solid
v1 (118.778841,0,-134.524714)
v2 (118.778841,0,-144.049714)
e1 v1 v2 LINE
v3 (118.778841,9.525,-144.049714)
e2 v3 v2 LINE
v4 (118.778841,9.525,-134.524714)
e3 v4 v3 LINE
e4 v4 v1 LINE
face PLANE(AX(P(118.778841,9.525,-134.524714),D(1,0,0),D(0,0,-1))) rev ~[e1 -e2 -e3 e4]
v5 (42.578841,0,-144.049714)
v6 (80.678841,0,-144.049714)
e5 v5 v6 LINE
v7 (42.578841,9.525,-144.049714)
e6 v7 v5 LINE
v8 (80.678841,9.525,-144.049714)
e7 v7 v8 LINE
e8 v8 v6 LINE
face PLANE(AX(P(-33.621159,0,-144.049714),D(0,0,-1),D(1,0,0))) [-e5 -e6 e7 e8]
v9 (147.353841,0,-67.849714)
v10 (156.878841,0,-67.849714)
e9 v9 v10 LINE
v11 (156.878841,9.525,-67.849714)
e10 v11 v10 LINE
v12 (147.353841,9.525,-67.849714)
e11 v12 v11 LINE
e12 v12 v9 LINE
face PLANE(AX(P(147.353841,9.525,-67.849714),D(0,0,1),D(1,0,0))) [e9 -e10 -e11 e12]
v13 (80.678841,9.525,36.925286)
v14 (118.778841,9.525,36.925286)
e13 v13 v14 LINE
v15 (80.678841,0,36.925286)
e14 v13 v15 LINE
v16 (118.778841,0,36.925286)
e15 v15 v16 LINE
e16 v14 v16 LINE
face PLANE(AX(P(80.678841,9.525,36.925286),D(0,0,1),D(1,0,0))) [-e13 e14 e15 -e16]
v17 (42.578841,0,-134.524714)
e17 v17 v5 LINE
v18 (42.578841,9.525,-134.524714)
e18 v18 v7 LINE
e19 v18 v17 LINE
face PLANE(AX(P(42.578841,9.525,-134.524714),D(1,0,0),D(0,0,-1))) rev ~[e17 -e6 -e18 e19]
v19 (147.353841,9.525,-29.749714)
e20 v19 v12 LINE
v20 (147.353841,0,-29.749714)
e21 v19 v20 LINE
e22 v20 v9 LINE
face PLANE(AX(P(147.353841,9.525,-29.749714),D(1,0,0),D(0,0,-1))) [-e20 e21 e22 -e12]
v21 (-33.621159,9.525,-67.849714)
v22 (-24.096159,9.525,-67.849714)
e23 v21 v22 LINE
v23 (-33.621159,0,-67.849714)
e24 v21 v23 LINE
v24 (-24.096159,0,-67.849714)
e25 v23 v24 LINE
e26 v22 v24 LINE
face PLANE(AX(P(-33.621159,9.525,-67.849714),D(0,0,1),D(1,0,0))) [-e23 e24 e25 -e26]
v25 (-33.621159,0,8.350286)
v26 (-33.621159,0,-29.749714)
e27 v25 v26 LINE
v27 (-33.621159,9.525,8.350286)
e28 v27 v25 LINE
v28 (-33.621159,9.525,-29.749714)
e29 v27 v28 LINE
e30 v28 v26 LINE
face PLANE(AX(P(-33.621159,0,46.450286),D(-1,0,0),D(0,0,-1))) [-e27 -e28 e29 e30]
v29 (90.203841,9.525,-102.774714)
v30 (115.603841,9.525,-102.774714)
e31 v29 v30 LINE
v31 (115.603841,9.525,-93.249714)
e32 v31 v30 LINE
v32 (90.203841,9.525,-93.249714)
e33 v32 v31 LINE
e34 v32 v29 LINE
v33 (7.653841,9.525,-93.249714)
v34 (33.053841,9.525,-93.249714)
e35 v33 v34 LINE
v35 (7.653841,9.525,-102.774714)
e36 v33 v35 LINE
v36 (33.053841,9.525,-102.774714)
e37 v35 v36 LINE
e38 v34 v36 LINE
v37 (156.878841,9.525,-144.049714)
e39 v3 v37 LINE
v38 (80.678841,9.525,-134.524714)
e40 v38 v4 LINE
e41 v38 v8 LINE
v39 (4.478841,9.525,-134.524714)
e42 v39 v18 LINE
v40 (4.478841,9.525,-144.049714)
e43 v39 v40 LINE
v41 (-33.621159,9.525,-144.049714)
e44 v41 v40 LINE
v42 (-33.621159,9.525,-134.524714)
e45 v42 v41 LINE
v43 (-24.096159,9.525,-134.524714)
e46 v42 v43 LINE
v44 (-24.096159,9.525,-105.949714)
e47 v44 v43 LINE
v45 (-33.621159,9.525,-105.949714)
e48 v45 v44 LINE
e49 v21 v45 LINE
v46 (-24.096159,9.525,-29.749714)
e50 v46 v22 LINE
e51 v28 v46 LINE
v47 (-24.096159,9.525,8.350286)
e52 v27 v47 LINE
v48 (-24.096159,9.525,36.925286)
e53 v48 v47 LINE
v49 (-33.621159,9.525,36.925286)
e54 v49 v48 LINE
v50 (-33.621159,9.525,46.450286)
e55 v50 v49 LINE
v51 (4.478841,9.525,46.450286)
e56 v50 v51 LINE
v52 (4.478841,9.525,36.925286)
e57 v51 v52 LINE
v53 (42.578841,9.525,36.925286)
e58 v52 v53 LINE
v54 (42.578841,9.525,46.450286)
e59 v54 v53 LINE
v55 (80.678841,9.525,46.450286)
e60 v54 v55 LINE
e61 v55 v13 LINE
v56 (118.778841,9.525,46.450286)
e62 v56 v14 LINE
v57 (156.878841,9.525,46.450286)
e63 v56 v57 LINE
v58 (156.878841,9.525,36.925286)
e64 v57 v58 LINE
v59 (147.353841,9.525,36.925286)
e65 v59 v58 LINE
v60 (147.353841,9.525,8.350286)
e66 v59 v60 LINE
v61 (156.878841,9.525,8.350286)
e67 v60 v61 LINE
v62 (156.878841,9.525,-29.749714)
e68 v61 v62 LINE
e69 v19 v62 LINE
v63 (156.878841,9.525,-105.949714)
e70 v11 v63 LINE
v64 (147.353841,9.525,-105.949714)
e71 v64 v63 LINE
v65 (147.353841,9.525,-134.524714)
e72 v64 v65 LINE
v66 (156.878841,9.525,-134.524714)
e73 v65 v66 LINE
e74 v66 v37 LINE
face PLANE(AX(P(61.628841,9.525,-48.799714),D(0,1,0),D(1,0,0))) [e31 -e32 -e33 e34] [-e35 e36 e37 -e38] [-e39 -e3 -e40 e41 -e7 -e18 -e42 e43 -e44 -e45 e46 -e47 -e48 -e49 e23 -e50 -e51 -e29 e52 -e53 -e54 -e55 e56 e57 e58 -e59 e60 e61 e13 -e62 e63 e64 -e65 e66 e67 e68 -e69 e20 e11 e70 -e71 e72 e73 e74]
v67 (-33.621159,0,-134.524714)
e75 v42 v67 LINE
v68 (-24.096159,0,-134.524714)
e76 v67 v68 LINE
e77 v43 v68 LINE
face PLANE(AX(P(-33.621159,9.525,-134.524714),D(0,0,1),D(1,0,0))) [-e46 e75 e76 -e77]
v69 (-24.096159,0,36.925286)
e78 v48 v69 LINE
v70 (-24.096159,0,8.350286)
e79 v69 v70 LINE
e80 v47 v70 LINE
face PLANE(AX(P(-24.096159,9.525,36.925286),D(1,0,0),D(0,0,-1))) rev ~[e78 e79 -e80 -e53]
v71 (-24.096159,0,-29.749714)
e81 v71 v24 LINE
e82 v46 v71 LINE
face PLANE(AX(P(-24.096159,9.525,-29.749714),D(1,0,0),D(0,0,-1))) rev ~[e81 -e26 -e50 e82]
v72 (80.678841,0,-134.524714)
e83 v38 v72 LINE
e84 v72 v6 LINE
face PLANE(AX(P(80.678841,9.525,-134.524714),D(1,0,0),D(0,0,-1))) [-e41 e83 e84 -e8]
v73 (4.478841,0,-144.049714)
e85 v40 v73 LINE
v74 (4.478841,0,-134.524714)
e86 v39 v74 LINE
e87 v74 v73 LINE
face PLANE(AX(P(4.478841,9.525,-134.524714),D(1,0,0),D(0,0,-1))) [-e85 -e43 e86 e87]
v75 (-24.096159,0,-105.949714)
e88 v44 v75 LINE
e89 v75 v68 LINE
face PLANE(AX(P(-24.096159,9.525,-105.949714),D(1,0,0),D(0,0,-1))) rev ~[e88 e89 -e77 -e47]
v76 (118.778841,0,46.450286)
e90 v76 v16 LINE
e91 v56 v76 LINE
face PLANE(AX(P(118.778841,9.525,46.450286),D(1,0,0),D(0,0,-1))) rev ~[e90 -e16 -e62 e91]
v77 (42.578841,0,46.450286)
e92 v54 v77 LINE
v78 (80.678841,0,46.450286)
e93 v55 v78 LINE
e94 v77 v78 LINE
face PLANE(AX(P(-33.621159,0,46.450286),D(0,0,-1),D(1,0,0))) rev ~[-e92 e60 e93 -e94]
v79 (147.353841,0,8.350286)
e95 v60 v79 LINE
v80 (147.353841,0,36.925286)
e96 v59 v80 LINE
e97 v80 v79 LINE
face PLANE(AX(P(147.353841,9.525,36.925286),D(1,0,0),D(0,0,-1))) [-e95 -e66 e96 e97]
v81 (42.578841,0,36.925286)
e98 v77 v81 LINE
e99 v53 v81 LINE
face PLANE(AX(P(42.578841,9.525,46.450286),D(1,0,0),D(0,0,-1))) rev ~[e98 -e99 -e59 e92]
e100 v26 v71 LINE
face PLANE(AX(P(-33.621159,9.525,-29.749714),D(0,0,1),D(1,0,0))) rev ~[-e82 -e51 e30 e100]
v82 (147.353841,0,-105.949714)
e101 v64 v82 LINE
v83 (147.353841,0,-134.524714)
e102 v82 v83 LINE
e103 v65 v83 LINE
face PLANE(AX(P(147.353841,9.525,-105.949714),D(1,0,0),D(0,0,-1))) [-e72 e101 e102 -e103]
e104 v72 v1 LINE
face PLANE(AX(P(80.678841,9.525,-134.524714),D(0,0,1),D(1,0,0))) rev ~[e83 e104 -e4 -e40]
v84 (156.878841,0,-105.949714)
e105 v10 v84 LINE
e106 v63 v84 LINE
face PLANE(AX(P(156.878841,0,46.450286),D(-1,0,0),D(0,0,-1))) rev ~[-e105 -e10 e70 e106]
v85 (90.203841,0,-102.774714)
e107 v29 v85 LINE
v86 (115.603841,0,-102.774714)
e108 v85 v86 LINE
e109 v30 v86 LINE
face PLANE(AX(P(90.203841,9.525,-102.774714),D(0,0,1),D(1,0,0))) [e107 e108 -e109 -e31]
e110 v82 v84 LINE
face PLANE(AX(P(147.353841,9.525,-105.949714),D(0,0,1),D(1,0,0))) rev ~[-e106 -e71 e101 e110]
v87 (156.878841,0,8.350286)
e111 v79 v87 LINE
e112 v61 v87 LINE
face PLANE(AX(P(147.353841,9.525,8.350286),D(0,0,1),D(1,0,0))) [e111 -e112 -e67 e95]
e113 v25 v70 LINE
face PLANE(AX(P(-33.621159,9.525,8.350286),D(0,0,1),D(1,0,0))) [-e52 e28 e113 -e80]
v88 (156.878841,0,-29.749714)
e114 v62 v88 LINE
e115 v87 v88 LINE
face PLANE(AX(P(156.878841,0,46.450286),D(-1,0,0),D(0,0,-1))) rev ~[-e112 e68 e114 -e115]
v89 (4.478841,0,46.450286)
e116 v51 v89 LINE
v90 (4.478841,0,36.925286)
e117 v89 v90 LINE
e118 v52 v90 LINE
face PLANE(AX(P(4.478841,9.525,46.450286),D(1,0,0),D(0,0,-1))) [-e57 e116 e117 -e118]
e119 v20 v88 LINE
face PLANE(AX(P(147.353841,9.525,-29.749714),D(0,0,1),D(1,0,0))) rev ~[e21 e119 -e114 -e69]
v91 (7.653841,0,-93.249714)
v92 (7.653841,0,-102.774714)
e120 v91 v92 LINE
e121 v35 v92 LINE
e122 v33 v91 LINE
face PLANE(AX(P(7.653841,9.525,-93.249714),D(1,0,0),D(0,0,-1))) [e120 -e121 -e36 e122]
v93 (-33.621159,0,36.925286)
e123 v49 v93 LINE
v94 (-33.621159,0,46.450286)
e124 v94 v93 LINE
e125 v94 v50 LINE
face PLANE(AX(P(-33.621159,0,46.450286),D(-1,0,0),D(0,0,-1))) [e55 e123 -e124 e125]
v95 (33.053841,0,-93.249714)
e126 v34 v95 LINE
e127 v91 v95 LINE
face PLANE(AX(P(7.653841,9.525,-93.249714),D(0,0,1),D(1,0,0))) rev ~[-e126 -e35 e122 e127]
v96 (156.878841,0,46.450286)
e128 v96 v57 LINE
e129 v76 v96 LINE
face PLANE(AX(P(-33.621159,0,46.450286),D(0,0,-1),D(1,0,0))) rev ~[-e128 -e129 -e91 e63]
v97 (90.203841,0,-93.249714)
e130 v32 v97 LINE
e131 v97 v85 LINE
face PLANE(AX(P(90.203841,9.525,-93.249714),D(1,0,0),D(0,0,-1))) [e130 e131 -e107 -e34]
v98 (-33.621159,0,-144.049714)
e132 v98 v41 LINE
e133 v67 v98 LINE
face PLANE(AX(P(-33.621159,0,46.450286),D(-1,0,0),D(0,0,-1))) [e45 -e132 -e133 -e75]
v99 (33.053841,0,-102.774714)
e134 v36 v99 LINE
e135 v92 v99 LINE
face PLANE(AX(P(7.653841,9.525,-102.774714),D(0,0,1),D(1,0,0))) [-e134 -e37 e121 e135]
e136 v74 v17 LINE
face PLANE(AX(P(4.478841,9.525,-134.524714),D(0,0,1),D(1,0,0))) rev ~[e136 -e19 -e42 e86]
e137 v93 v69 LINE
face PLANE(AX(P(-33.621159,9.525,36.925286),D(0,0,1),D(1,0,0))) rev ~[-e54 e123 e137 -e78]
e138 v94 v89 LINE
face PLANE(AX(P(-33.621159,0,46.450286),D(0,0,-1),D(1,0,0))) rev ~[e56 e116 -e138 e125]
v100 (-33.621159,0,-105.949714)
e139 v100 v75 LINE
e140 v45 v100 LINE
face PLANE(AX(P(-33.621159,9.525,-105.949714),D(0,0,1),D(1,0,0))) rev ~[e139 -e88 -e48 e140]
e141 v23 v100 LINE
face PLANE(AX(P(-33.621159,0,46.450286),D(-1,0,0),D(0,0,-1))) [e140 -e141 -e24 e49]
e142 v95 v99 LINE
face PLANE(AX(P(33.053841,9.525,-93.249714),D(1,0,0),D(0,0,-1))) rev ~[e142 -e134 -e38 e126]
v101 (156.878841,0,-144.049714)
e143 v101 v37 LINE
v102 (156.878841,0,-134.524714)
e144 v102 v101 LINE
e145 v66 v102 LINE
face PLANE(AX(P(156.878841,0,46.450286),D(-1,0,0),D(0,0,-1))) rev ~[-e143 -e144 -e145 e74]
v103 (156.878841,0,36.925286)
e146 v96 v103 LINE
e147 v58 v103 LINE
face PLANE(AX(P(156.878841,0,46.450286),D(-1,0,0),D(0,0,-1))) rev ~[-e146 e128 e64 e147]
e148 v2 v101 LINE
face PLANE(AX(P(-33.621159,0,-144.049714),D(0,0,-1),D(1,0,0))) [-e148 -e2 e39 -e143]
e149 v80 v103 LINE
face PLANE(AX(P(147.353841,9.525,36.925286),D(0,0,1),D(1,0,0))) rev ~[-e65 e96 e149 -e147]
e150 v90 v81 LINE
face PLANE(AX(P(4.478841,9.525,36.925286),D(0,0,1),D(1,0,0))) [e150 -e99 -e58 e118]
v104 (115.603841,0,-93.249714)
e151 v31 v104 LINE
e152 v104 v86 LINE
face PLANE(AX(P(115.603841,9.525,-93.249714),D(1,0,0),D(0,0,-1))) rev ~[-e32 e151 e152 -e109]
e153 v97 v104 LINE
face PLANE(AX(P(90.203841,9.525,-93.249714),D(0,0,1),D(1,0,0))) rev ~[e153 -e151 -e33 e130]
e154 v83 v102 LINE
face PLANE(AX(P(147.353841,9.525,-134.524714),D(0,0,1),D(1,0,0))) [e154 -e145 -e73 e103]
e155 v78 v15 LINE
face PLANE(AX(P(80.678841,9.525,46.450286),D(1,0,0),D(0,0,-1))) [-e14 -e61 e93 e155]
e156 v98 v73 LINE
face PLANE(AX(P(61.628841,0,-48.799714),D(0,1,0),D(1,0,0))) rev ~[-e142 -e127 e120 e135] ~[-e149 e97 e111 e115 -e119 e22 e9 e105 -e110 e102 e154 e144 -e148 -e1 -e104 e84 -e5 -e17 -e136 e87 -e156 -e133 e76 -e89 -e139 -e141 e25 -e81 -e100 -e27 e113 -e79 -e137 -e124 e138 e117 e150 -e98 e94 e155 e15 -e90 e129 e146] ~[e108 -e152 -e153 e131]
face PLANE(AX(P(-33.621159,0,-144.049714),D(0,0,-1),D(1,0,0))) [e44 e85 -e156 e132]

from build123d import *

# Parameters (mm, degrees)
SKETCH1_W           = 190.5
SKETCH1_H           = 190.5
BOSS_EXTRUDE1_DEPTH = 9.525
SKETCH2_W           = 38.1
SKETCH2_H           = 9.525
CUT_EXTRUDE1_DEPTH  = 9.525
SKETCH3_W           = 38.1
SKETCH3_H           = 9.525
CUT_EXTRUDE2_DEPTH  = 9.525
SKETCH4_W           = 9.525
SKETCH4_H           = 28.575
CUT_EXTRUDE3_DEPTH  = 9.525
SKETCH5_W           = 9.525
SKETCH5_H           = 38.1
CUT_EXTRUDE4_DEPTH  = 9.525
SKETCH6_W           = 9.525
SKETCH6_H           = 28.575
CUT_EXTRUDE5_DEPTH  = 9.525
SKETCH7_W           = 38.1
SKETCH7_H           = 9.525
CUT_EXTRUDE6_DEPTH  = 9.525
SKETCH8_W           = 38.1
SKETCH8_H           = 9.525
CUT_EXTRUDE7_DEPTH  = 9.525
SKETCH9_W           = 9.525
SKETCH9_H           = 28.575
CUT_EXTRUDE8_DEPTH  = 38.1
SKETCH10_W          = 9.525
SKETCH10_H          = 38.1
CUT_EXTRUDE9_DEPTH  = 9.525
SKETCH11_W          = 9.525
SKETCH11_H          = 28.575
CUT_EXTRUDE10_DEPTH = 9.525
SKETCH12_W          = 25.4
SKETCH12_H          = 9.525
CUT_EXTRUDE11_DEPTH = 12.7


with BuildPart() as part:
    # Sketch1 → Boss-Extrude1 (new body)
    with BuildSketch(Plane(origin=(0, 0, 0), x_dir=(1, 0, 0), z_dir=(0, 1, 0))):
        with Locations((61.628840928, 48.799714441)):
            Rectangle(SKETCH1_W, SKETCH1_H)
    extrude(amount=BOSS_EXTRUDE1_DEPTH)

    # Sketch2 → Cut-Extrude1 (cut)
    with BuildSketch(Plane(origin=(0, 9.525, 0), x_dir=(1, 0, 0), z_dir=(0, 1, 0))):
        with Locations((99.728840928, -41.687785559)):
            Rectangle(SKETCH2_W, SKETCH2_H)
    extrude(amount=-CUT_EXTRUDE1_DEPTH, mode=Mode.SUBTRACT)

    # Sketch3 → Cut-Extrude2 (cut)
    with BuildSketch(Plane(origin=(0, 9.525, 0), x_dir=(1, 0, 0), z_dir=(0, 1, 0))):
        with Locations((23.528840928, -41.687785559)):
            Rectangle(SKETCH3_W, SKETCH3_H)
    extrude(amount=-CUT_EXTRUDE2_DEPTH, mode=Mode.SUBTRACT)

    # Sketch4 → Cut-Extrude3 (cut)
    with BuildSketch(Plane(origin=(0, 9.525, 0), x_dir=(1, 0, 0), z_dir=(0, 1, 0))):
        with Locations((152.116340928, -22.637785559)):
            Rectangle(SKETCH4_W, SKETCH4_H)
    extrude(amount=-CUT_EXTRUDE3_DEPTH, mode=Mode.SUBTRACT)

    # Sketch5 → Cut-Extrude4 (cut)
    with BuildSketch(Plane(origin=(0, 9.525, 0), x_dir=(1, 0, 0), z_dir=(0, 1, 0))):
        with Locations((152.116340928, 48.799714441)):
            Rectangle(SKETCH5_W, SKETCH5_H)
    extrude(amount=-CUT_EXTRUDE4_DEPTH, mode=Mode.SUBTRACT)

    # Sketch6 → Cut-Extrude5 (cut)
    with BuildSketch(Plane(origin=(0, 9.525, 0), x_dir=(1, 0, 0), z_dir=(0, 1, 0))):
        with Locations((152.116340928, 120.237214441)):
            Rectangle(SKETCH6_W, SKETCH6_H)
    extrude(amount=-CUT_EXTRUDE5_DEPTH, mode=Mode.SUBTRACT)

    # Sketch7 → Cut-Extrude6 (cut)
    with BuildSketch(Plane(origin=(0, 9.525, 0), x_dir=(1, 0, 0), z_dir=(0, 1, 0))):
        with Locations((99.728840928, 139.287214441)):
            Rectangle(SKETCH7_W, SKETCH7_H)
    extrude(amount=-CUT_EXTRUDE6_DEPTH, mode=Mode.SUBTRACT)

    # Sketch8 → Cut-Extrude7 (cut)
    with BuildSketch(Plane(origin=(0, 9.525, 0), x_dir=(1, 0, 0), z_dir=(0, 1, 0))):
        with Locations((23.528840928, 139.287214441)):
            Rectangle(SKETCH8_W, SKETCH8_H)
    extrude(amount=-CUT_EXTRUDE7_DEPTH, mode=Mode.SUBTRACT)

    # Sketch9 → Cut-Extrude8 (cut)
    with BuildSketch(Plane(origin=(0, 9.525, 0), x_dir=(1, 0, 0), z_dir=(0, 1, 0))):
        with Locations((-28.858659072, 120.237214441)):
            Rectangle(SKETCH9_W, SKETCH9_H)
    extrude(amount=-CUT_EXTRUDE8_DEPTH, mode=Mode.SUBTRACT)

    # Sketch10 → Cut-Extrude9 (cut)
    with BuildSketch(Plane(origin=(0, 9.525, 0), x_dir=(1, 0, 0), z_dir=(0, 1, 0))):
        with Locations((-28.858659072, 48.799714441)):
            Rectangle(SKETCH10_W, SKETCH10_H)
    extrude(amount=-CUT_EXTRUDE9_DEPTH, mode=Mode.SUBTRACT)

    # Sketch11 → Cut-Extrude10 (cut)
    with BuildSketch(Plane(origin=(0, 9.525, 0), x_dir=(1, 0, 0), z_dir=(0, 1, 0))):
        with Locations((-28.858659072, -22.637785559)):
            Rectangle(SKETCH11_W, SKETCH11_H)
    extrude(amount=-CUT_EXTRUDE10_DEPTH, mode=Mode.SUBTRACT)

    # Sketch12 → Cut-Extrude11 (cut)
    with BuildSketch(Plane(origin=(0, 9.525, 0), x_dir=(1, 0, 0), z_dir=(0, 1, 0))):
        with Locations((20.353840928, 98.012214441)):
            Rectangle(SKETCH12_W, SKETCH12_H)
        with Locations((102.903840928, 98.012214441)):
            Rectangle(SKETCH12_W, SKETCH12_H)
    extrude(amount=-CUT_EXTRUDE11_DEPTH, mode=Mode.SUBTRACT)


solid = part.part
